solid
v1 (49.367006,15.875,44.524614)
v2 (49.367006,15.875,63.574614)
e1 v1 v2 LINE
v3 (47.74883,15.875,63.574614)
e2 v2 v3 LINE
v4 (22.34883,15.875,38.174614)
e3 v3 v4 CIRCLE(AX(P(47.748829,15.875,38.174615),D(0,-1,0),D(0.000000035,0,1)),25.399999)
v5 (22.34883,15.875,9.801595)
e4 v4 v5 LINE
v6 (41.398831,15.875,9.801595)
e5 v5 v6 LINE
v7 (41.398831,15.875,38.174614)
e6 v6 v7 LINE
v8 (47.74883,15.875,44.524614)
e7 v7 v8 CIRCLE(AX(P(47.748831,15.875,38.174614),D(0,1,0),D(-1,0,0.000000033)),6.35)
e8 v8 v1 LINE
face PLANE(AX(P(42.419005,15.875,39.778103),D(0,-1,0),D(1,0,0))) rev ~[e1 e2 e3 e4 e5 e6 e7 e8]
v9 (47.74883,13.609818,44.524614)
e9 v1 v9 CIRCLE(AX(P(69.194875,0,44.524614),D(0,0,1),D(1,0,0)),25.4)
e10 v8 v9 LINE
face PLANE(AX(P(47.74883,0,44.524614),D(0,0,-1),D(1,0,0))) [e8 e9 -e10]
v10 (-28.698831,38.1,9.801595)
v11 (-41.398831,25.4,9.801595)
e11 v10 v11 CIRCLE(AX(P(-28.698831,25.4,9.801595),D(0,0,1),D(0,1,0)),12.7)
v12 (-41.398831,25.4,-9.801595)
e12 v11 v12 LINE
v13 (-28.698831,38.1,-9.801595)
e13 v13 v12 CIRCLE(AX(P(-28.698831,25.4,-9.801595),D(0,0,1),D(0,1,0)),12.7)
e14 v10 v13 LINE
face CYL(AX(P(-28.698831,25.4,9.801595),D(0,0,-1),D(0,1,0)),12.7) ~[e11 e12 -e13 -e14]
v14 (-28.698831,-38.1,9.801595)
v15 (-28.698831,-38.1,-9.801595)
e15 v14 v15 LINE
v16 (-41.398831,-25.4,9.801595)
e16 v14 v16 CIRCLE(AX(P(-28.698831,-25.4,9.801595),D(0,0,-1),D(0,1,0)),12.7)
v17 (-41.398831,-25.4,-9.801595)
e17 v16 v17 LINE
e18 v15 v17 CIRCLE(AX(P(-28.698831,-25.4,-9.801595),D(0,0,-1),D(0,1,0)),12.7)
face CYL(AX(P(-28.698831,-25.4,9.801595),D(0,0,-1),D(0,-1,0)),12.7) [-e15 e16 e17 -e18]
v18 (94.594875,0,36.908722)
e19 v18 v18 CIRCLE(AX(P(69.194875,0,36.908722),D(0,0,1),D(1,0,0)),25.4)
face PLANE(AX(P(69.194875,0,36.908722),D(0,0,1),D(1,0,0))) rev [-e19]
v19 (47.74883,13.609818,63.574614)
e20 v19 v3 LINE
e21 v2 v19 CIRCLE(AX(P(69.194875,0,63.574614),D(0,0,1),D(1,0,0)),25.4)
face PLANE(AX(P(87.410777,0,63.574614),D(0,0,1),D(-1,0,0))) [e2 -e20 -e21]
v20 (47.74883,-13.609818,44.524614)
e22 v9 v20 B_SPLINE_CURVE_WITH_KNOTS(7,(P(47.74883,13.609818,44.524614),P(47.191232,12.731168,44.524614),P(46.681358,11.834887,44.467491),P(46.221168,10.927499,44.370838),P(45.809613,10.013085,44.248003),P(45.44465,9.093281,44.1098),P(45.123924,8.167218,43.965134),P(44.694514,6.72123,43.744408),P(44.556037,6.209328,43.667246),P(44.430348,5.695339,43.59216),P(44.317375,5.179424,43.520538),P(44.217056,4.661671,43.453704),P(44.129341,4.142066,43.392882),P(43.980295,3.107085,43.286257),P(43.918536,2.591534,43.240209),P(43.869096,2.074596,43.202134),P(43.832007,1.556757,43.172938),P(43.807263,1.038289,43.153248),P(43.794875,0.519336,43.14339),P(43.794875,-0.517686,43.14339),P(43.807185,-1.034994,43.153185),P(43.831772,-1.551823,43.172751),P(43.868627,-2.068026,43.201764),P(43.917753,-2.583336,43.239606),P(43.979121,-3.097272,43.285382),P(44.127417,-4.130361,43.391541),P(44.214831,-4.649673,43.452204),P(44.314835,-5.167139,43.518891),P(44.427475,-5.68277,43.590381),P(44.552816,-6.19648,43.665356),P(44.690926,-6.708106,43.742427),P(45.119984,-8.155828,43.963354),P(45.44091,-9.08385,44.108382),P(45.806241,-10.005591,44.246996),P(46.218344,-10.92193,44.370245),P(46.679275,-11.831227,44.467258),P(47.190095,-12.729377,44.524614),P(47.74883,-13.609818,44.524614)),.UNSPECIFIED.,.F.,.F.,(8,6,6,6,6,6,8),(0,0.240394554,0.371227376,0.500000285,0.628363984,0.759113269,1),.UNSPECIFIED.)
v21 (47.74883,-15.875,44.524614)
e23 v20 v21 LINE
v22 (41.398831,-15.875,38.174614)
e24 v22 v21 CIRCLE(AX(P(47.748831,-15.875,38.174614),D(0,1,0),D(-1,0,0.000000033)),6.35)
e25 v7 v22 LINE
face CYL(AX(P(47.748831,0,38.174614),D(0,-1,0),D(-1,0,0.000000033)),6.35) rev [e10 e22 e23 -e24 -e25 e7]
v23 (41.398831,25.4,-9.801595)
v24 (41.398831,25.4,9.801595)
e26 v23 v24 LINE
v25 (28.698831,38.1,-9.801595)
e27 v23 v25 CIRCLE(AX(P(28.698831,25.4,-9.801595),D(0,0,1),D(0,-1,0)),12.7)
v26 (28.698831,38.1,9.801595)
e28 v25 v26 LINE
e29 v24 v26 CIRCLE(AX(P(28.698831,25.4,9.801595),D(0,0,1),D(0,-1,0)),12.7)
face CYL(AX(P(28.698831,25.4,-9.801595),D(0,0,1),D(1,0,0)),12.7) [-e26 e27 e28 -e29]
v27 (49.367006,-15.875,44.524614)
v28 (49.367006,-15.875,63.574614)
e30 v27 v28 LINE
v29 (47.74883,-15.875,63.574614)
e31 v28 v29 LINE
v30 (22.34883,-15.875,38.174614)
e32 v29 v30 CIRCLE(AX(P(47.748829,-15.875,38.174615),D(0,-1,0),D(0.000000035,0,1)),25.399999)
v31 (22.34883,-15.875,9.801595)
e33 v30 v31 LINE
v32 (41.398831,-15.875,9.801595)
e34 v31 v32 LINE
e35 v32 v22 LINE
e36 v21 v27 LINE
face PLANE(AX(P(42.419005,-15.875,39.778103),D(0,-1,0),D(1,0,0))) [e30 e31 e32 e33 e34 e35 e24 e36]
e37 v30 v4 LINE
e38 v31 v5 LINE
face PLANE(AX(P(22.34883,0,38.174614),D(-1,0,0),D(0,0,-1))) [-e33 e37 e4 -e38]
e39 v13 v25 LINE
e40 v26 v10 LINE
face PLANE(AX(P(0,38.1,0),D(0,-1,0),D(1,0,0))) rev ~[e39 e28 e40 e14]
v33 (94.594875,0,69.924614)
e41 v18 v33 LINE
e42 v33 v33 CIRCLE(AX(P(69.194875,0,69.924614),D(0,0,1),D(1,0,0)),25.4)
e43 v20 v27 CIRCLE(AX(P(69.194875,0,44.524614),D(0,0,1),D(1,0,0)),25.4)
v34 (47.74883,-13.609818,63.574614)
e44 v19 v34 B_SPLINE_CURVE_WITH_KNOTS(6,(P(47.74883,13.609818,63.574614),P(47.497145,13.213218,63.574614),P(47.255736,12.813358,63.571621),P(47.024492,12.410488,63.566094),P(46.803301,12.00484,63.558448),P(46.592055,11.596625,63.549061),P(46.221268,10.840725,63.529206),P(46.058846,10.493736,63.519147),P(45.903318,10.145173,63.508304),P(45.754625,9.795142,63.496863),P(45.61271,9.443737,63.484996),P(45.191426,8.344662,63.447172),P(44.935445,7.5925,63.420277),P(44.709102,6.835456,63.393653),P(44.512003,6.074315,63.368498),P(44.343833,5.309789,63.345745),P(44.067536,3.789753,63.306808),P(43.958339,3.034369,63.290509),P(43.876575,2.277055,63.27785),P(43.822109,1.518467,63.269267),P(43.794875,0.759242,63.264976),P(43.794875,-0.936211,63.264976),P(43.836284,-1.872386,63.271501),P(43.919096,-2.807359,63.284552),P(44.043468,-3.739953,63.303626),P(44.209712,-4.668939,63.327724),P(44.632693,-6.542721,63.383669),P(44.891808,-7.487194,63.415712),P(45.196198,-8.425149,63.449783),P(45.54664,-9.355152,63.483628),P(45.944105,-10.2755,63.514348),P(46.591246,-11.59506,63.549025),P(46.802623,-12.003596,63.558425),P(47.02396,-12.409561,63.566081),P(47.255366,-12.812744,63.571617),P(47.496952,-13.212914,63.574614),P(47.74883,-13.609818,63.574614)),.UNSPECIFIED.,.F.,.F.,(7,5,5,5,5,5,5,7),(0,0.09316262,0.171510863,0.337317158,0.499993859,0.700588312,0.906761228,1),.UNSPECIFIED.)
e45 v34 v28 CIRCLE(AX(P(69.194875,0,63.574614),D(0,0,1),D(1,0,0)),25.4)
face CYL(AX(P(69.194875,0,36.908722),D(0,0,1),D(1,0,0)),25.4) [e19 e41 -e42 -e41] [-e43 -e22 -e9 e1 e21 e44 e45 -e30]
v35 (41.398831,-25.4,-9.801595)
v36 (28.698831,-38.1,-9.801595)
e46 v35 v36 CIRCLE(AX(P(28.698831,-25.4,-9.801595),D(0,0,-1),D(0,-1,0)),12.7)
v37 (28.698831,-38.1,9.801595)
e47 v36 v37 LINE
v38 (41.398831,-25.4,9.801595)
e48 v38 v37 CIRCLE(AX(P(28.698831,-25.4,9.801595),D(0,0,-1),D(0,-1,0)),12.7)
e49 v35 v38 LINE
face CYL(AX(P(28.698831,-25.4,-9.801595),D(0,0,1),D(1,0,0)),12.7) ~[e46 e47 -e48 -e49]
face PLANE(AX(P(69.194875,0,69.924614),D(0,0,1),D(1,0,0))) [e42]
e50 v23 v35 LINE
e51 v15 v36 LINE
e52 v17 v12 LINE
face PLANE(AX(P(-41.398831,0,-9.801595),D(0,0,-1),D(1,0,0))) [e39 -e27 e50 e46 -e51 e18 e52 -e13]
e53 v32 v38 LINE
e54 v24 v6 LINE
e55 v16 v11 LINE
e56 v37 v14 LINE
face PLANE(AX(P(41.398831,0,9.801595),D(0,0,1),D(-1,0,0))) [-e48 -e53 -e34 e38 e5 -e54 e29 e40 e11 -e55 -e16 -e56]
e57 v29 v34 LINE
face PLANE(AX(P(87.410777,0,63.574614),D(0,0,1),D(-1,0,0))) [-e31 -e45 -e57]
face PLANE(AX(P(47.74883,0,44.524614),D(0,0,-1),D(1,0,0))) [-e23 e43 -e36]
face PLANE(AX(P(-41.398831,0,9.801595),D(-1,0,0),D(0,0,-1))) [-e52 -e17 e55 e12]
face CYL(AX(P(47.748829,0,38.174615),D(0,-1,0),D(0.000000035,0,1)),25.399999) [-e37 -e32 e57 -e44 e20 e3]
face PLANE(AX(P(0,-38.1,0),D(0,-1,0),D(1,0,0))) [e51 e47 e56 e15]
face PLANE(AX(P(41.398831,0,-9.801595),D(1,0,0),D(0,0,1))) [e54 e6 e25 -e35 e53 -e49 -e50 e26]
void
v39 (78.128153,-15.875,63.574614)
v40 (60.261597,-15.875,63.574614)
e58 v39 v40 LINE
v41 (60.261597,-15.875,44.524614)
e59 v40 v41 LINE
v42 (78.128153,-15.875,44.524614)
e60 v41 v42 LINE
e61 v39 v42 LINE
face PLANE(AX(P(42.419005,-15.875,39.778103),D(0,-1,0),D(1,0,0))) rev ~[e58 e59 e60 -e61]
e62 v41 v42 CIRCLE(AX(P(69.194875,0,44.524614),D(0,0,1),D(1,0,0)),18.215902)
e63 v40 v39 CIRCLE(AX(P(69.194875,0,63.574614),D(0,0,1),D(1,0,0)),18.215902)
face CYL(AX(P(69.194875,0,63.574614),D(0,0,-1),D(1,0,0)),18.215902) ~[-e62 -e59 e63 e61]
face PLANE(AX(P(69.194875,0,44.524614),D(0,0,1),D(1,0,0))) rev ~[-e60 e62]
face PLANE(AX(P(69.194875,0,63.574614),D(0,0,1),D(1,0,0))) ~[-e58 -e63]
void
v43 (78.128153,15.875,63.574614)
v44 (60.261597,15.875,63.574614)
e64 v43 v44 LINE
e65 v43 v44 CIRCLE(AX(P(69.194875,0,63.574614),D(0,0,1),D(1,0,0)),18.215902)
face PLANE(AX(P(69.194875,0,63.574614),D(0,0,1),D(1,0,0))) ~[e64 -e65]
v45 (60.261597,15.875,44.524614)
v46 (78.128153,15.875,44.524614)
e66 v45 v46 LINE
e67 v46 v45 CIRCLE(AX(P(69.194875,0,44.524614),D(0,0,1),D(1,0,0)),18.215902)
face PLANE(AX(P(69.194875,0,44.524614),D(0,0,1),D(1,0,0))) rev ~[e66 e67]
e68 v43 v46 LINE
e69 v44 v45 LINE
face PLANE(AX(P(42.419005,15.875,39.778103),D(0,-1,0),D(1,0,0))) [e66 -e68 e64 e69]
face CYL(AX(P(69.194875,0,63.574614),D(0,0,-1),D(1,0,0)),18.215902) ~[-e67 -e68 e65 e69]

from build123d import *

# Parameters (mm, degrees)
F1_DEPTH = 38.1
F0_W     = 18.215902
F0_H     = 19.05
F2_DEPTH = 15.875
F4_R     = 12.7


with BuildPart() as f1:
    # F0 (on Front) → F1 (new body, symmetric)
    with BuildSketch(Plane.XZ):
        Polygon((-41.398831, -9.801595), (41.398831, -9.801595), (41.398831, 9.801595), (22.34883, 9.801595), (-41.398831, 9.801595), align=None)
    extrude(amount=F1_DEPTH, both=True)

    # F0 (on Front) → F2 (join, symmetric)
    with BuildSketch(Plane.XZ):
        with BuildLine():
            Line((22.34883, 9.801595), (41.398831, 9.801595))
            Line((41.398831, 9.801595), (41.398831, 38.174614))
            ThreePointArc((41.398831, 38.174614), (43.258703, 42.664742), (47.74883, 44.524614))
            Line((47.74883, 44.524614), (69.194875, 44.524614))
            Line((69.194875, 44.524614), (69.194875, 63.574614))
            Line((69.194875, 63.574614), (47.74883, 63.574614))
            ThreePointArc((47.74883, 63.574614), (29.788318, 56.135127), (22.34883, 38.174614))
            Line((22.34883, 38.174614), (22.34883, 9.801595))
        make_face()
        with Locations((78.302826, 54.049614)):
            Rectangle(F0_W, F0_H)
    extrude(amount=F2_DEPTH, both=True)

    # F0 (on Front) → F3 (revolve)
    with BuildSketch(Plane.XZ):
        Polygon((87.410777, 44.524614), (69.194875, 44.524614), (69.194875, 36.908722), (94.594875, 36.908722), (94.594875, 69.924614), (69.194875, 69.924614), (69.194875, 63.574614), (87.410777, 63.574614), align=None)
    revolve(axis=Axis((69.194875, 0, 53.416668), (0, 0, 1)))

    # F4
    f4_edges = [f1.edges().sort_by_distance(p)[0] for p in [
        (-41.398831, -38.1, 0),
        (41.398831, -38.1, 0),
        (-41.398831, 38.1, 0),
        (41.398831, 38.1, 0),
    ]]
    fillet(f4_edges, radius=F4_R)


solid = f1.part
